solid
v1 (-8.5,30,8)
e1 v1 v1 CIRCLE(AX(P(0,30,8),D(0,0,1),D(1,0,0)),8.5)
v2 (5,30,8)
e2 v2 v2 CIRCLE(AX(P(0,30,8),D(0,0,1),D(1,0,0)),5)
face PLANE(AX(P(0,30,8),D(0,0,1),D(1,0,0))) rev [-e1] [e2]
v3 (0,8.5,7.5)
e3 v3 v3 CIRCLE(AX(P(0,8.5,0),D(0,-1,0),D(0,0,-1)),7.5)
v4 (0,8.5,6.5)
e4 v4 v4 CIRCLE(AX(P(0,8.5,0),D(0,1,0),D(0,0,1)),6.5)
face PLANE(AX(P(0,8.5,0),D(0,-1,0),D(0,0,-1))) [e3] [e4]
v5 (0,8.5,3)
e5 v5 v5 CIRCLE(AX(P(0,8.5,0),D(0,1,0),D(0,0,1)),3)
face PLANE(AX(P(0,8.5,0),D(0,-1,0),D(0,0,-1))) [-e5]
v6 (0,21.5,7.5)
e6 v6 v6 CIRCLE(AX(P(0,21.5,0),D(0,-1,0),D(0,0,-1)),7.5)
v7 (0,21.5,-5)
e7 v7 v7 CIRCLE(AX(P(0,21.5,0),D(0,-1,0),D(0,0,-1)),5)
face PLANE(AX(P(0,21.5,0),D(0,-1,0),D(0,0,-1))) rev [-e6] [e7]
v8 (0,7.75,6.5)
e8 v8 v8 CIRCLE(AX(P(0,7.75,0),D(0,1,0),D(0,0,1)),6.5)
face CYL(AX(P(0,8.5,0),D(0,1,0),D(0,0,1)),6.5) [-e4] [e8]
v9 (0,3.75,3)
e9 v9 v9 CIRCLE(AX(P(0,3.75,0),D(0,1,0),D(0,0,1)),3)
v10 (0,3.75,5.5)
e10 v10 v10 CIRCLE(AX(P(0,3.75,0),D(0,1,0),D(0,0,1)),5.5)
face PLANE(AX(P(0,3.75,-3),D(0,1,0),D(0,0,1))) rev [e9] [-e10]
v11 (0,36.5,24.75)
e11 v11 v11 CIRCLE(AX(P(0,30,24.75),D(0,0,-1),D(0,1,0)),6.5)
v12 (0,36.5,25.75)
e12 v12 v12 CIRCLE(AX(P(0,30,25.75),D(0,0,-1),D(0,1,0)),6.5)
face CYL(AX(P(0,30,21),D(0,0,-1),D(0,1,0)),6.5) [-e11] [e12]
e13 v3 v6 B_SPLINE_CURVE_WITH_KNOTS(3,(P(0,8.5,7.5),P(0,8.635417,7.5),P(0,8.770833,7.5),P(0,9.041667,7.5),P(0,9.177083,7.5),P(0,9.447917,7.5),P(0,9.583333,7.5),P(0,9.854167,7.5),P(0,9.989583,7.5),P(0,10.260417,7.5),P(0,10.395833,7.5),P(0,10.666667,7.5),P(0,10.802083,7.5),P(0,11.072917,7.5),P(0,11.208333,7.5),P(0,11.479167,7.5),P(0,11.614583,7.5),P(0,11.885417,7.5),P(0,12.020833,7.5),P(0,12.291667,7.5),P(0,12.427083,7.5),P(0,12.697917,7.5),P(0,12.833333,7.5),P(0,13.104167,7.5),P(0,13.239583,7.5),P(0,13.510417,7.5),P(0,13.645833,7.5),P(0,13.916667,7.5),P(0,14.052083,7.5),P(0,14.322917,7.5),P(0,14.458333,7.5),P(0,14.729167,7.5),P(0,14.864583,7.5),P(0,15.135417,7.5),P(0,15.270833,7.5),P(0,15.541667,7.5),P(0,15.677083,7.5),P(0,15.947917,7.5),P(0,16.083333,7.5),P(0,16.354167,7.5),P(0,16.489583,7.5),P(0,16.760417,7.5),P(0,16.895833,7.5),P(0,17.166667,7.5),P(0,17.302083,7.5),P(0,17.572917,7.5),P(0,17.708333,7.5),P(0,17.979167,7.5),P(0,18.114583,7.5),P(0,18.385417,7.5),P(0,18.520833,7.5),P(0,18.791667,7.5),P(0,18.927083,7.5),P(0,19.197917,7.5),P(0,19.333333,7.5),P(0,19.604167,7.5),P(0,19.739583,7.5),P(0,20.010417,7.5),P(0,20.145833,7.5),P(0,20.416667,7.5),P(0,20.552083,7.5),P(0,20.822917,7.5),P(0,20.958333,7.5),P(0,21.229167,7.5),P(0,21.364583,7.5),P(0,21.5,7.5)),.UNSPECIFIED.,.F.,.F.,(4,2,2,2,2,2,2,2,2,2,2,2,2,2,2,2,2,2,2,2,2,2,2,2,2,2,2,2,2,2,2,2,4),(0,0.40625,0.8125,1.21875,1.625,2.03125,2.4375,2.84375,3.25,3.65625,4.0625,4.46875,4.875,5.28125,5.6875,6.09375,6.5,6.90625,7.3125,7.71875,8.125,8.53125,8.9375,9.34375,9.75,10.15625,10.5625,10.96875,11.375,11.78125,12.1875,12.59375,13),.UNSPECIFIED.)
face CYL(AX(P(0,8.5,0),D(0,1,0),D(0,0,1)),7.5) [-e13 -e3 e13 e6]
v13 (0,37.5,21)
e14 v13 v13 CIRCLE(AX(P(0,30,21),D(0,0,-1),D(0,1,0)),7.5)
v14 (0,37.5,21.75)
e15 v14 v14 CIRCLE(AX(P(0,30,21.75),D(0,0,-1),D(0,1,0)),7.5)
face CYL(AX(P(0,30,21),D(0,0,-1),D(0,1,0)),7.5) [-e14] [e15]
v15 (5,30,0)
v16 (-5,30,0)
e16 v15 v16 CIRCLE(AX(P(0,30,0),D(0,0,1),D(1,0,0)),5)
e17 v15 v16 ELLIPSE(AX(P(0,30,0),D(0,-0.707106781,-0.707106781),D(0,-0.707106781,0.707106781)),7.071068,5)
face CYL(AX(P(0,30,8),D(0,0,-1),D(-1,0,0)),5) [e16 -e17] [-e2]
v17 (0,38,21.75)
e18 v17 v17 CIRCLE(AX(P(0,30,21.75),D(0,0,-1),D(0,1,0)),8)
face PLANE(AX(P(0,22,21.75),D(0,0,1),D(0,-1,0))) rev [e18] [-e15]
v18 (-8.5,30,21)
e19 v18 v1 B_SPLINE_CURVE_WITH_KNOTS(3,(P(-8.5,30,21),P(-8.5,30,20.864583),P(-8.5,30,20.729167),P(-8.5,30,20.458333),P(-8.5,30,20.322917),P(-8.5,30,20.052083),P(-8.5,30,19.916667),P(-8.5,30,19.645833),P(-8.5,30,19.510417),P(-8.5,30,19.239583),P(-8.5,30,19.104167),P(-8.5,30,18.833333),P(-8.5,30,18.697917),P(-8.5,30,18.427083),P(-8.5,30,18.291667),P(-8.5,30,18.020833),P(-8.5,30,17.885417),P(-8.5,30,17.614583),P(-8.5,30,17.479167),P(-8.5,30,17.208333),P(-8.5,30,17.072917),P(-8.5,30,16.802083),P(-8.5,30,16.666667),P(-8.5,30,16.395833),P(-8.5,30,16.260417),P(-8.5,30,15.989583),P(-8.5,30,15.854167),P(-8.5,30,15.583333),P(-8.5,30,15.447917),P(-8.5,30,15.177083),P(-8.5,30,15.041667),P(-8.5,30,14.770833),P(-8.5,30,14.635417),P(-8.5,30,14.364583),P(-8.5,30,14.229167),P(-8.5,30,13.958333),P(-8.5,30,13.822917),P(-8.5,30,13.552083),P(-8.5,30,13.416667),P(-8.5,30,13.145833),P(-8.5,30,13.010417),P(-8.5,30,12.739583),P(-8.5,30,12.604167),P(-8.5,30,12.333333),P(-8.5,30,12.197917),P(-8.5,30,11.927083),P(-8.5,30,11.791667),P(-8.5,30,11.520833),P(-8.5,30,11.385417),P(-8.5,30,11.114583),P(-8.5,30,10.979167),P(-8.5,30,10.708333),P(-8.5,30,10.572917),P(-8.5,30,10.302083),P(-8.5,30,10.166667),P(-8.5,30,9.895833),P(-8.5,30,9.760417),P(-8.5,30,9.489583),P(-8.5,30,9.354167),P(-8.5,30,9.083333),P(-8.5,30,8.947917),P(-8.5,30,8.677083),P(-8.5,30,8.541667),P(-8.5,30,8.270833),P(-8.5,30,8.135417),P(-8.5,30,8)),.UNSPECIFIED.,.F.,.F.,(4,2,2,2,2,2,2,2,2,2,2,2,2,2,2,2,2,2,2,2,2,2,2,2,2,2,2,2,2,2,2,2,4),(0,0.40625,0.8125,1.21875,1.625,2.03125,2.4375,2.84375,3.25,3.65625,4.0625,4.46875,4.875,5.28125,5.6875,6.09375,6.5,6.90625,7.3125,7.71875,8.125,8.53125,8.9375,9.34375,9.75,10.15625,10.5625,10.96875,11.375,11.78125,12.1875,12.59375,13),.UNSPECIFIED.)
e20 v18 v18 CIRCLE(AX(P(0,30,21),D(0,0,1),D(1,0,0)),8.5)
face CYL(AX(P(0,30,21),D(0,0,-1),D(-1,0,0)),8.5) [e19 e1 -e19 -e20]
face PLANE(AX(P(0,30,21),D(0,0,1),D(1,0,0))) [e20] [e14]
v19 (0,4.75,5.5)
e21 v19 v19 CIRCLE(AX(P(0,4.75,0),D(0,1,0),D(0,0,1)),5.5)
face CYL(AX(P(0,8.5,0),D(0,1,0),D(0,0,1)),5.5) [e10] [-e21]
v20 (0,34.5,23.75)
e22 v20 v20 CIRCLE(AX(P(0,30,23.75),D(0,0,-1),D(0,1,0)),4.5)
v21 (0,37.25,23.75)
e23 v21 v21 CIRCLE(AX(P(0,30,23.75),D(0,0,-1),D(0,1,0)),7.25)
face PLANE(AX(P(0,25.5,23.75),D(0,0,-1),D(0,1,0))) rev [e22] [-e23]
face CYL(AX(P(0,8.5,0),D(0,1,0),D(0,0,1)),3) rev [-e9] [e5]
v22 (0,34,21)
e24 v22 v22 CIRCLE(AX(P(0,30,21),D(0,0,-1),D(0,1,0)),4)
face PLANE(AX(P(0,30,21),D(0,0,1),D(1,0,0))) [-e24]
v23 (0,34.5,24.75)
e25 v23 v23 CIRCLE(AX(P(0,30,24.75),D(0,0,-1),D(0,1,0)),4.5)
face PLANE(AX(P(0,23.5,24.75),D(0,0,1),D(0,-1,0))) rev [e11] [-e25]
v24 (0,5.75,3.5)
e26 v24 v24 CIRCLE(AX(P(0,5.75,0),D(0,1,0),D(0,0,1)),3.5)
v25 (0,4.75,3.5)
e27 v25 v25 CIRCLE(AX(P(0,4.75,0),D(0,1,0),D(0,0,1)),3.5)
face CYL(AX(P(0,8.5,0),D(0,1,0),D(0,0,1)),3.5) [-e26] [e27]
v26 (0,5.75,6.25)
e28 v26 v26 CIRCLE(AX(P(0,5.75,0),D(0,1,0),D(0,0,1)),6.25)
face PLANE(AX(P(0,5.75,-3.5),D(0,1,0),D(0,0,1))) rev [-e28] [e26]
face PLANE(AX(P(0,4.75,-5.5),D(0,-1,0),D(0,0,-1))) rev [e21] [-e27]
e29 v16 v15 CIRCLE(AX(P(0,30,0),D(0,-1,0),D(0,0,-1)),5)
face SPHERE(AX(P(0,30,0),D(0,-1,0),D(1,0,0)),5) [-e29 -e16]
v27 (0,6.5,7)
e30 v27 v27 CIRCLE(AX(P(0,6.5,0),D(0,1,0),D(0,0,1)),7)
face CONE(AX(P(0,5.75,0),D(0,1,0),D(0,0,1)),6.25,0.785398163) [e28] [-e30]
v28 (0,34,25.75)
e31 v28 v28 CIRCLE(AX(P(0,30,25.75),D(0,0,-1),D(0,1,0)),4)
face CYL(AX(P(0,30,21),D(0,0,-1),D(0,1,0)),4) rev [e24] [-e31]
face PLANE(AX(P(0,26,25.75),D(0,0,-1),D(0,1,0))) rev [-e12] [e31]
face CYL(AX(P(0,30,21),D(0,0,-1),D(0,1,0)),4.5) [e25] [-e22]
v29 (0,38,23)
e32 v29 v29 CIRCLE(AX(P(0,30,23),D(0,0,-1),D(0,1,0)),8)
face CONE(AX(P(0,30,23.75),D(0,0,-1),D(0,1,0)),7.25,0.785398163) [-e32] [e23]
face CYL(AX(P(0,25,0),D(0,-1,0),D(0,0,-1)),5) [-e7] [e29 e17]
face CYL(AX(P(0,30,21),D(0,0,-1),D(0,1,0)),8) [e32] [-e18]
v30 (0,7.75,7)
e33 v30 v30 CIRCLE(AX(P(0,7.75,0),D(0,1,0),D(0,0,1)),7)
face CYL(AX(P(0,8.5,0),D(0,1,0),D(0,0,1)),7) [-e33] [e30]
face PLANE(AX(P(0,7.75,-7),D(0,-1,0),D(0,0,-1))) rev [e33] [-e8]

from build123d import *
from build123d.topology import SkipClean

# Parameters (mm, degrees)
SKETCH_3_R      = 5
EXTRUDE_2_DEPTH = 8
SKETCH_4_R      = 8.5
EXTRUDE_3_DEPTH = 13
EXTRUDE_START   = 3.5
SKETCH_7_R      = 5
EXTRUDE_4_DEPTH = 3.5
SKETCH_8_R      = 7.5
EXTRUDE_6_DEPTH = 13


with BuildPart() as part:
    # Эскиз2 → Повернуть1 (revolve)
    with BuildSketch(Plane.XY, mode=Mode.PRIVATE) as revolve_1_sk:
        with BuildLine():
            Line((0, 25), (0, 35))
            ThreePointArc((0, 35), (3.535533906, 33.535533906), (5, 30))
            Line((5, 30), (5, 25))
            Line((5, 25), (0, 25))
        make_face()
    revolve(revolve_1_sk.sketch.rotate(Axis((0, 25, 0), (0, 1, 0)), 90), axis=Axis((0, 25, 0), (0, 1, 0)))

    # Эскиз3 → Бобышка-Вытянуть2 (add)
    with SkipClean():  # the faces are left unmerged after this step: merging them gives an invalid solid
        with BuildSketch(Plane.XY):
            with Locations((0, 30)):
                Circle(SKETCH_3_R)
        extrude(amount=EXTRUDE_2_DEPTH)

    # Эскиз4 → Бобышка-Вытянуть3 (add)
    with SkipClean():  # the faces are left unmerged after this step: merging them gives an invalid solid
        with BuildSketch(Plane.XY.offset(8)):
            with Locations(Location((0, 30, 0), (0, 0, 180))):
                Circle(SKETCH_4_R)
        extrude(amount=EXTRUDE_3_DEPTH)

    # Эскиз7 → Бобышка-Вытянуть4 (add)
    with BuildSketch(Plane.XZ.offset(-25).offset(EXTRUDE_START)):
        with Locations(Location((0, 0, 0), (0, 0, 270))):
            Circle(SKETCH_7_R)
    extrude(amount=-EXTRUDE_4_DEPTH)

    # Эскиз8 → Бобышка-Вытянуть6 (add)
    with BuildSketch(Plane.XZ.offset(-21.5)):
        with Locations(Location((0, 0, 0), (0, 0, 90))):
            Circle(SKETCH_8_R)
    extrude(amount=EXTRUDE_6_DEPTH)

    # Эскиз9 → Повернуть5 (revolve)
    with BuildSketch(Plane(origin=(0, 0, 0), x_dir=(0, 0, -1), z_dir=(1, 0, 0)), mode=Mode.PRIVATE) as revolve_5_sk:
        Polygon((5.5, 4.75), (3.5, 4.75), (3.5, 5.75), (6.25, 5.75), (7, 6.5), (7, 7.75), (6.5, 7.75), (6.5, 8.5), (3, 8.5), (3, 3.75), (5.5, 3.75), align=None)
    revolve(revolve_5_sk.sketch.rotate(Axis((0, 8.5, 0), (0, -1, 0)), 180), axis=Axis((0, 8.5, 0), (0, -1, 0)))

    # Эскиз5 → Повернуть6 (revolve)
    with BuildSketch(Plane(origin=(0, 0, 0), x_dir=(0, 0, -1), z_dir=(1, 0, 0)), mode=Mode.PRIVATE) as revolve_6_sk:
        Polygon((-24.75, 23.5), (-24.75, 25.5), (-23.75, 25.5), (-23.75, 22.75), (-23, 22), (-21.75, 22), (-21.75, 22.5), (-21, 22.5), (-21, 26), (-25.75, 26), (-25.75, 23.5), align=None)
    revolve(revolve_6_sk.sketch.rotate(Axis((0, 30, 21), (0, 0, 1)), 180), axis=Axis((0, 30, 21), (0, 0, 1)))


solid = part.part
